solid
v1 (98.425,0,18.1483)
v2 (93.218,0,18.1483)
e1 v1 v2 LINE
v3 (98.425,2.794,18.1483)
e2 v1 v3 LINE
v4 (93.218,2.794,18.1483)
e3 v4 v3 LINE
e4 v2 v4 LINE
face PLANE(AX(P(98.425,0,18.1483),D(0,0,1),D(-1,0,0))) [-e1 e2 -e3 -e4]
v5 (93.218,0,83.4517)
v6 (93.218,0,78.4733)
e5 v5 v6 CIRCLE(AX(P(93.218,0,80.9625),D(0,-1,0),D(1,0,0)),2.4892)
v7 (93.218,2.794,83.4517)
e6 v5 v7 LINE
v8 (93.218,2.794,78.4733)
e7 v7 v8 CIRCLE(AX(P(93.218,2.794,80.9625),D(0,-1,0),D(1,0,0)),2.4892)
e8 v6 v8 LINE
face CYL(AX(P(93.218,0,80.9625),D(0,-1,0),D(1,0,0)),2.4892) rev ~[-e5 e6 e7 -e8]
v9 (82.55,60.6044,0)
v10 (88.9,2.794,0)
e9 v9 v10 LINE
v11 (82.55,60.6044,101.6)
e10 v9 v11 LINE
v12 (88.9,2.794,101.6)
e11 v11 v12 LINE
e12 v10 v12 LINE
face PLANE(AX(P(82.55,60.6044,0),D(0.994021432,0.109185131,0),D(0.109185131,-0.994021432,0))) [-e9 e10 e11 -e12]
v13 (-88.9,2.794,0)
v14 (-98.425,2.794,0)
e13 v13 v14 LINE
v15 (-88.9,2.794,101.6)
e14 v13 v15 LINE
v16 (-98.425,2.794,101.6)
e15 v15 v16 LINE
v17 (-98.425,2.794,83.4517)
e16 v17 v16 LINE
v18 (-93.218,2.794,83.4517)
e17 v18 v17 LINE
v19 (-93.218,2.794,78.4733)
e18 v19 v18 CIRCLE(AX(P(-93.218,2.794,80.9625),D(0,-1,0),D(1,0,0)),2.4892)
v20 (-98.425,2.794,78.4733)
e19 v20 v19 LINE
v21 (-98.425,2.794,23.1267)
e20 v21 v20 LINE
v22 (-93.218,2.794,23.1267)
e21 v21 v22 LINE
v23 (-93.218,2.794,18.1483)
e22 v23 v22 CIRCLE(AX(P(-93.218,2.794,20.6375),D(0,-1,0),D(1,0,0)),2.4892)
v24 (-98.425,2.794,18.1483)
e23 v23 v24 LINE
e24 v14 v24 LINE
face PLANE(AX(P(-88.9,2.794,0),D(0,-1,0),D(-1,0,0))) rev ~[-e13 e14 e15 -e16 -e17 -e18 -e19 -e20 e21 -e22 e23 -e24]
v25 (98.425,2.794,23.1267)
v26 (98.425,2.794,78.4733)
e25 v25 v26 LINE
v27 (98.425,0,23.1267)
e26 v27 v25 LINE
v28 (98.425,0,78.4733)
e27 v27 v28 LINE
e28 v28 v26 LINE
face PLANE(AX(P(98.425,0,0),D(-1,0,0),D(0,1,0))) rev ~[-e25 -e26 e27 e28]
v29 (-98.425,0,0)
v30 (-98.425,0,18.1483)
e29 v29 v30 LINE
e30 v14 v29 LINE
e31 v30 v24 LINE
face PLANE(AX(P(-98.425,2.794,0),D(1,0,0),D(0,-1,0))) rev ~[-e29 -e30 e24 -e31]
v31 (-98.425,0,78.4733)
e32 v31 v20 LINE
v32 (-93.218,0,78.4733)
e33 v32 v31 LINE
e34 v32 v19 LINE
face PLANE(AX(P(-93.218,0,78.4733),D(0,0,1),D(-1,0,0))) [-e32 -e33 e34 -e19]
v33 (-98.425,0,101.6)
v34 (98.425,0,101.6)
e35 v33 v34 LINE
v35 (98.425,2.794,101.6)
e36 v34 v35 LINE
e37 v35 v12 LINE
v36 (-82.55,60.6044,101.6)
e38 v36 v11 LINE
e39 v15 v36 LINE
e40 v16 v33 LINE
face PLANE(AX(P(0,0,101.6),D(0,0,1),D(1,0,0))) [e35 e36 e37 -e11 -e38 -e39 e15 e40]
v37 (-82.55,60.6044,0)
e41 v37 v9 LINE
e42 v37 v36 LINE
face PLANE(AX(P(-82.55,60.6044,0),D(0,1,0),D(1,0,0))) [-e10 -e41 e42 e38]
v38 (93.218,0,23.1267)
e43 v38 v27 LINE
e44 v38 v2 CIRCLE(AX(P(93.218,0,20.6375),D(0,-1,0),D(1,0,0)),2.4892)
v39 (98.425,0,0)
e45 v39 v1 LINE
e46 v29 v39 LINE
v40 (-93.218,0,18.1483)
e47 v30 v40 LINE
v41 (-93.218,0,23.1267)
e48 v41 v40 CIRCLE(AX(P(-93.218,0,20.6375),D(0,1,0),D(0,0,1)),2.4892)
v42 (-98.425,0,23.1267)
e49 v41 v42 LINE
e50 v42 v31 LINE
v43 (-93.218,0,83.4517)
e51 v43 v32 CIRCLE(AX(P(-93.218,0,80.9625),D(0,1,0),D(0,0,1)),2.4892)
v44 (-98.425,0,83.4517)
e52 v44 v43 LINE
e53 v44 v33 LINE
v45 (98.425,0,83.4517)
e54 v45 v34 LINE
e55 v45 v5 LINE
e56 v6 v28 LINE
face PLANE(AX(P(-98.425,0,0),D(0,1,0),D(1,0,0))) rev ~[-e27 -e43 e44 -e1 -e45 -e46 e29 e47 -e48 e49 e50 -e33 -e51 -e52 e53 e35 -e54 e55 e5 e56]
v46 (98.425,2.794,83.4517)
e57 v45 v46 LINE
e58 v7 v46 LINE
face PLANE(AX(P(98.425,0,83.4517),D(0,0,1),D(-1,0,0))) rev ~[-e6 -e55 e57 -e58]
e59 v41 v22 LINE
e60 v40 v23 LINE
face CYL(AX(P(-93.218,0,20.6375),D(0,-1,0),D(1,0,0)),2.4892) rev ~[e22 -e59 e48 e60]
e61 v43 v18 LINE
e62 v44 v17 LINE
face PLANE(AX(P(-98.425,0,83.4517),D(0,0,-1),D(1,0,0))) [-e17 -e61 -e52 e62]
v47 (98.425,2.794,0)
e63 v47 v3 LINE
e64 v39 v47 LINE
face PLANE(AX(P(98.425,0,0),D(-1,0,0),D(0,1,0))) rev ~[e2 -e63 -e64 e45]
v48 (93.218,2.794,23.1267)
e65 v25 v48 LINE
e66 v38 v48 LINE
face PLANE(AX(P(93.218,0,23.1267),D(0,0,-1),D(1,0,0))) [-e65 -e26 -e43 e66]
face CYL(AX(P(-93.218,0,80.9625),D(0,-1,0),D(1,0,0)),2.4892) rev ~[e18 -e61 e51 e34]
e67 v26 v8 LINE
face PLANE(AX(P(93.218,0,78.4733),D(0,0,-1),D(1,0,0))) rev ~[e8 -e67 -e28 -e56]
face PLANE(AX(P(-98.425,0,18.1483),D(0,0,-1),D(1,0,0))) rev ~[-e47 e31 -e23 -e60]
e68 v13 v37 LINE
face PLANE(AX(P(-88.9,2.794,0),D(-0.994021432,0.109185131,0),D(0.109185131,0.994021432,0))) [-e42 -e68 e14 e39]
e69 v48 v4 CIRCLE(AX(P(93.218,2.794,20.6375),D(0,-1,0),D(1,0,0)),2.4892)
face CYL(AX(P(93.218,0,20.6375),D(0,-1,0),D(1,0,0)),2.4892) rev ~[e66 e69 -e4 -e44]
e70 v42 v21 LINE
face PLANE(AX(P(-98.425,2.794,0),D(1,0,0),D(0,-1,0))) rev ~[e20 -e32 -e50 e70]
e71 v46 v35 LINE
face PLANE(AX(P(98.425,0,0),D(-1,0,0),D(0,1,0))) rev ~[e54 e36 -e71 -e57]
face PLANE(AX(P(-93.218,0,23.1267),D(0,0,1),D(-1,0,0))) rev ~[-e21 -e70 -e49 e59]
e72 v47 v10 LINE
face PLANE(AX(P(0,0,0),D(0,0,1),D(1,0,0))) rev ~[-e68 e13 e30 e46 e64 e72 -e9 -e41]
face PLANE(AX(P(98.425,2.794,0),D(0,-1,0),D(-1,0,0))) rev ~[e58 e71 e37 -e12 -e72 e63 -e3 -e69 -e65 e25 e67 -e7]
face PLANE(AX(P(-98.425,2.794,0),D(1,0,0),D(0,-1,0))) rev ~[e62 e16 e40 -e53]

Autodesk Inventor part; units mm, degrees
ref_plane "YZ Plane" through (0, 0, 0) normal (1, 0, 0) x (0, 1, 0)
ref_plane "XZ Plane" through (0, 0, 0) normal (0, 1, 0) x (-1, 0, 0)
ref_plane "XY Plane" through (0, 0, 0) normal (0, 0, 1) x (1, 0, 0)
sketch "Sketch1" plane through (0, 0, 0) normal (0, 0, 1) x (1, 0, 0)
  line L0 (-98.425, 0) -> (98.425, 0)
  line L1 (98.425, 0) -> (98.425, 2.794)
  line L2 (98.425, 2.794) -> (-98.425, 2.794)
  line L3 (-98.425, 2.794) -> (-98.425, 0)
  line L4 (-88.9, 2.794) -> (-82.55, 60.6044)
  line L5 (-82.55, 60.6044) -> (82.55, 60.6044)
  line L6 (82.55, 60.6044) -> (88.9, 2.794)
  point P0 (0, 0)
  point P1 (0, 0)
  point P2 (0, 2.794)
  point P3 (0, 60.6044)
  dimension "d0" = 196.85
  dimension "d1" = 177.8
  dimension "d2" = 165.1
  dimension "d3" = 2.794
  dimension "d4" = 60.6044
extrude "Extrusion1" add sketch "Sketch1" along normal blind 101.6
sketch "Sketch2" plane through (-98.425, 0, 0) normal (0, -1, 0) x (1, 0, 0)
  line L0 (196.85, 101.6) -> (0, 101.6) projected
  line L1 (0, 0) -> (0, 101.6) projected
  line L2 (196.85, 0) -> (196.85, 101.6) projected
  line L3 (0, 83.4517) -> (5.207, 83.4517)
  line L4 (5.207, 83.4517) -> (5.207, 78.4733)
  line L5 (5.207, 78.4733) -> (0, 78.4733)
  line L6 (0, 78.4733) -> (0, 83.4517)
  circle A0 centre (5.207, 80.9625) radius 2.4892
  line L7 (0, 50.8) -> (196.85, 50.8)
  line L8 (98.425, 101.6) -> (98.425, 0)
  line L9 (0, 18.1483) -> (5.207, 18.1483)
  line L10 (5.207, 18.1483) -> (5.207, 23.1267)
  line L11 (5.207, 23.1267) -> (0, 23.1267)
  line L12 (0, 23.1267) -> (0, 18.1483)
  circle A1 centre (5.207, 20.6375) radius 2.4892
  line L13 (196.85, 83.4517) -> (191.643, 83.4517)
  line L14 (191.643, 83.4517) -> (191.643, 78.4733)
  line L15 (191.643, 78.4733) -> (196.85, 78.4733)
  line L16 (196.85, 78.4733) -> (196.85, 83.4517)
  circle A2 centre (191.643, 80.9625) radius 2.4892
  line L17 (196.85, 18.1483) -> (191.643, 18.1483)
  line L18 (191.643, 18.1483) -> (191.643, 23.1267)
  line L19 (191.643, 23.1267) -> (196.85, 23.1267)
  line L20 (196.85, 23.1267) -> (196.85, 18.1483)
  circle A3 centre (191.643, 20.6375) radius 2.4892
  dimension "d7" = 4.9784
  dimension "d8" = 5.207
  dimension "d9" = 30.1625
extrude "Extrusion2" cut sketch "Sketch2" against normal up to next contours L2 L17 A3 L19 | L11 A1 L9 L1 | L2 L15 A2 L13 | A2 L14 | L14 A2 | L3 A0 L5 L1 | A0 L4 | L4 A0 | A1 L10 | L10 A1 | A3 L18 | L18 A3
properties part number "supply-13.8"
